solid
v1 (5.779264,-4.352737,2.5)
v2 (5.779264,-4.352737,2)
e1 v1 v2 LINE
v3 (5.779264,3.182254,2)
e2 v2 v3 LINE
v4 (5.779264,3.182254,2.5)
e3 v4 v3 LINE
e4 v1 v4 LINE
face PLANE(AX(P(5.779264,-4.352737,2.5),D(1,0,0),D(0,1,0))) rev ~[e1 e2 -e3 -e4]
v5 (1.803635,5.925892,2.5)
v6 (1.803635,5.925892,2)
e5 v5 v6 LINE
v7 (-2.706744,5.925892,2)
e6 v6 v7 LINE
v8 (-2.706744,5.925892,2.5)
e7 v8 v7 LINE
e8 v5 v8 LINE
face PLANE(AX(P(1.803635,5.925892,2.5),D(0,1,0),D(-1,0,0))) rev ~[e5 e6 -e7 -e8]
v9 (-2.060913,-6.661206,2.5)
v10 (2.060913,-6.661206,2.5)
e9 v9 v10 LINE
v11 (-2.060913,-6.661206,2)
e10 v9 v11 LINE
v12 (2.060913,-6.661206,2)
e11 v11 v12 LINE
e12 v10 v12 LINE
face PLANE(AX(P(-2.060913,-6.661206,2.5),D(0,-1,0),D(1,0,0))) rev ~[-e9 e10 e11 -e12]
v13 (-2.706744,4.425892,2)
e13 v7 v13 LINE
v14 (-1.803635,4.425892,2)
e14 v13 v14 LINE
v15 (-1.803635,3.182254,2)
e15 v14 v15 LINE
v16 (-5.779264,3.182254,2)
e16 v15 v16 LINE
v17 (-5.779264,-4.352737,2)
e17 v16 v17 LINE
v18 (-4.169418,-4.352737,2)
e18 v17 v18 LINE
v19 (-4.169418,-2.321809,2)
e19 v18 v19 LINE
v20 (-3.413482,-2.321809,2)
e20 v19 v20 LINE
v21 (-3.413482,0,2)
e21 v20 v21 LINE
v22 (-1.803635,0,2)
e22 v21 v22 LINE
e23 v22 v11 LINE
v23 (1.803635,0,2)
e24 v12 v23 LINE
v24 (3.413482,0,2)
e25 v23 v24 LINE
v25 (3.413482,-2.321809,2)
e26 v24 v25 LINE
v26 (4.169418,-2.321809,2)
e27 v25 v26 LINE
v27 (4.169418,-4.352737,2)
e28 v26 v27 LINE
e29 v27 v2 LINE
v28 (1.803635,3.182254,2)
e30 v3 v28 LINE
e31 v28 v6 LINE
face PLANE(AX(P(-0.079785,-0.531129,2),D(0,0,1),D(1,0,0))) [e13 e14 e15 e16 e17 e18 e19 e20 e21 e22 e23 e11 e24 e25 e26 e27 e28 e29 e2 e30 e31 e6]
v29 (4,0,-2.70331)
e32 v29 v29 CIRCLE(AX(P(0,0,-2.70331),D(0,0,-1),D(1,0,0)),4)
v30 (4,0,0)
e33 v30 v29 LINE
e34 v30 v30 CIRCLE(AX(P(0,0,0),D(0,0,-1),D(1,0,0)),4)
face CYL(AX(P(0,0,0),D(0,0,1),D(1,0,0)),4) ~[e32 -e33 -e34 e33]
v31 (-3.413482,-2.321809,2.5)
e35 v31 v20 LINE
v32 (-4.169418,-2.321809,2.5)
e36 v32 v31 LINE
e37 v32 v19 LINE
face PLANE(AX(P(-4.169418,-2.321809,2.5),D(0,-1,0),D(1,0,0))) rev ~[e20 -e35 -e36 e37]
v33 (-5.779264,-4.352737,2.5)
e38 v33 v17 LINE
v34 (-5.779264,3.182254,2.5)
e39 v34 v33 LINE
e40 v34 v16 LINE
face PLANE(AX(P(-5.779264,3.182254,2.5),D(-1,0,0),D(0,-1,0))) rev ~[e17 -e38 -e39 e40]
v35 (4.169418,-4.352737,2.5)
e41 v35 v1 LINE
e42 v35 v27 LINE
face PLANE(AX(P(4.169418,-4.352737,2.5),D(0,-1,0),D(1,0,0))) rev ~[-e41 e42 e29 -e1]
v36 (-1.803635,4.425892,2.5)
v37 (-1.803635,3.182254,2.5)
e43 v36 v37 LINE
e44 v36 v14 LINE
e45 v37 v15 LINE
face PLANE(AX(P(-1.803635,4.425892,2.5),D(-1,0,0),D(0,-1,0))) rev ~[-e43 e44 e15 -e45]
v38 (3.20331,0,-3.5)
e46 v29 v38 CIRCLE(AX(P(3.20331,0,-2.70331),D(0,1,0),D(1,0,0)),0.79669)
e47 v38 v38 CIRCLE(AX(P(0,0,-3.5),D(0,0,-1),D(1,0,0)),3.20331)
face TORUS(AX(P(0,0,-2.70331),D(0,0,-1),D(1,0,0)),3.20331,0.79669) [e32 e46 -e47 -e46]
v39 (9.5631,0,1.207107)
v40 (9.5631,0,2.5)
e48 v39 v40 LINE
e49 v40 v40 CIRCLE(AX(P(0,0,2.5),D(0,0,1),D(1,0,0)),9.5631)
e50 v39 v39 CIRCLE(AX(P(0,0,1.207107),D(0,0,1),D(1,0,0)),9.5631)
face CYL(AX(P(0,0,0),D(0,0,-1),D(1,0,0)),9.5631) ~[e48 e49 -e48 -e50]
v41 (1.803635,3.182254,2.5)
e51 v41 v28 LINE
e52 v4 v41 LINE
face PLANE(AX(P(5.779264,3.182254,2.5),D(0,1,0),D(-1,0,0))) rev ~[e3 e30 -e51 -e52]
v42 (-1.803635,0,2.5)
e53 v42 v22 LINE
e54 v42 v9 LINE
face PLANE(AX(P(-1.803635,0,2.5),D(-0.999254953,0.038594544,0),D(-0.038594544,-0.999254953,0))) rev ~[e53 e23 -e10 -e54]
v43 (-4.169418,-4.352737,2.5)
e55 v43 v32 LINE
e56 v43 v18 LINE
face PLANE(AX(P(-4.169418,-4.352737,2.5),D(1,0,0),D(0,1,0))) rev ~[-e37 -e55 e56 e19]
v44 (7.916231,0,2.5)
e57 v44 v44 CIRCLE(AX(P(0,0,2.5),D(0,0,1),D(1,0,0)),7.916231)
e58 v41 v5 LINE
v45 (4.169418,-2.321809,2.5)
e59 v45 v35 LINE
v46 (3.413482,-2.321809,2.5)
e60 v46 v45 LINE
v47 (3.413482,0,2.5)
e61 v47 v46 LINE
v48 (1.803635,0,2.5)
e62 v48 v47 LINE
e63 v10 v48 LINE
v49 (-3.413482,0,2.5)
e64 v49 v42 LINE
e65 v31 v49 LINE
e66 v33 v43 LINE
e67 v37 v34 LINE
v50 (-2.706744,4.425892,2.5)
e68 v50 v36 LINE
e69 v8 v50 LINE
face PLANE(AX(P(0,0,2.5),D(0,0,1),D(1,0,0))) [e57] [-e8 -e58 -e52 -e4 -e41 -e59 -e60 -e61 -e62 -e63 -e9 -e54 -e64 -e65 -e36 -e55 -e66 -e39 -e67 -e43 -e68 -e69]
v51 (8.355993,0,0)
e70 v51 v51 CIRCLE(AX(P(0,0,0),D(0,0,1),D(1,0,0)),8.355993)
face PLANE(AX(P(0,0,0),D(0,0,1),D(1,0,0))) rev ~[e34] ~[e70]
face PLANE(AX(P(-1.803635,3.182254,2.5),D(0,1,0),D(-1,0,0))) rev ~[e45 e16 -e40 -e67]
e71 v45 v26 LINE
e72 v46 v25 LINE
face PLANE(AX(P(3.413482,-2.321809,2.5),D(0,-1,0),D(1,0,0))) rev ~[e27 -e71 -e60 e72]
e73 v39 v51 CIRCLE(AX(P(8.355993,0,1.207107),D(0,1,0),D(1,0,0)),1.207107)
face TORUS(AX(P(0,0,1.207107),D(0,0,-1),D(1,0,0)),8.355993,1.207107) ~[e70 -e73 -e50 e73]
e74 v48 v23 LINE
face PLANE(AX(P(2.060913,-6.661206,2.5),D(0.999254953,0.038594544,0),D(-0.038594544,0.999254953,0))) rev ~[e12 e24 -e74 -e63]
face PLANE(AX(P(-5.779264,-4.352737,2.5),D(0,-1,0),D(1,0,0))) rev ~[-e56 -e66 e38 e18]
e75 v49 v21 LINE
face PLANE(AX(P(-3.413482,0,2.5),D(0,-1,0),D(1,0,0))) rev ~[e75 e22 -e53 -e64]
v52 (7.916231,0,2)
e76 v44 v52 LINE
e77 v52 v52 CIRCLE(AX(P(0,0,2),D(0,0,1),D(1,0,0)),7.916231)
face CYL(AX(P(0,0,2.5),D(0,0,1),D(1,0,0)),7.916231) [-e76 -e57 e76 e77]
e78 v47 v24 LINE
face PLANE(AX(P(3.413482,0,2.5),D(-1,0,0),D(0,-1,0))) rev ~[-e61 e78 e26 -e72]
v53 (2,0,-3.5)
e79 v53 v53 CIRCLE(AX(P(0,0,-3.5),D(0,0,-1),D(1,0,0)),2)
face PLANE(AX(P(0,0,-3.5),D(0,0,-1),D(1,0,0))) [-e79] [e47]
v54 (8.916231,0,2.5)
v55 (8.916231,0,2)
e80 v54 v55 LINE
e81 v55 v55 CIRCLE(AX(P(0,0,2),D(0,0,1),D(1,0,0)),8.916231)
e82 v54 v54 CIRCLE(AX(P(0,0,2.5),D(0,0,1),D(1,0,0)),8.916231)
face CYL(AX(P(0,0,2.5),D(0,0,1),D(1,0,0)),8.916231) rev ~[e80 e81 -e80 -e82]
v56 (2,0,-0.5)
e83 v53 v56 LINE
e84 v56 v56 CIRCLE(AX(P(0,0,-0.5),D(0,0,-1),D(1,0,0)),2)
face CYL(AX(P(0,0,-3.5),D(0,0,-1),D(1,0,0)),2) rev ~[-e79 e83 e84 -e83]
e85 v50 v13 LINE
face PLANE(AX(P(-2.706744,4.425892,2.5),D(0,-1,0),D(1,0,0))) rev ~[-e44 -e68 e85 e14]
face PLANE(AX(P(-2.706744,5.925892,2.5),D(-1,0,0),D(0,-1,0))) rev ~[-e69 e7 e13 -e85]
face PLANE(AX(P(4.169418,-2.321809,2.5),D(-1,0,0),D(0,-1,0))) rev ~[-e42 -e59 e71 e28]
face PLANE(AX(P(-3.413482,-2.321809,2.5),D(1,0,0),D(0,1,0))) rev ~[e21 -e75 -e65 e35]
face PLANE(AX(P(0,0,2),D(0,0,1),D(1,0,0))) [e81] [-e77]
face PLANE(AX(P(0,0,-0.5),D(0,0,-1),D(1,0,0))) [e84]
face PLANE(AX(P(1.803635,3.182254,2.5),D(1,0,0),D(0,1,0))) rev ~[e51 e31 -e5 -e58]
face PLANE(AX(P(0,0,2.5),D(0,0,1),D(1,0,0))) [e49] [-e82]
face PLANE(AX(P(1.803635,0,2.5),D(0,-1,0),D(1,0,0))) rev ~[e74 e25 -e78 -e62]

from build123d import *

# Parameters (mm, degrees)
F0_R     = 9.5631
F1_DEPTH = 2.5
F2_R     = 8.9162314004
F2_R_2   = 7.9162314004
F3_DEPTH = 0.5
F4_R     = 4
F5_DEPTH = 3.5
F6_R     = 1.2071067812
F7_R     = 2
F8_DEPTH = 3
F9_R     = 0.7966904756


with BuildPart() as f1:
    # F0 (on Top) → F1 (new body)
    with BuildSketch(Plane.XY):
        Circle(F0_R)
    extrude(amount=F1_DEPTH)

    # F2 (on face) → F3 (cut)
    with BuildSketch(Plane.XY.offset(2.5)):
        Circle(F2_R)
        Circle(F2_R_2, mode=Mode.SUBTRACT)
        Polygon((1.8036346717, 5.9258921407), (-2.7067440096, 5.9258921407), (-2.7067440096, 4.4258921407), (-1.8036346717, 4.4258921407), (-1.8036346717, 3.1822535675), (-5.7792644948, 3.1822535675), (-5.7792644948, -4.3527372181), (-4.1694175287, -4.3527372181), (-4.1694175287, -2.3218090646), (-3.4134816378, -2.3218090646), (-3.4134816378, 0), (-1.8036346717, 0), (-2.0609125495, -6.6612055525), (0, -6.6612055525), (2.0609125495, -6.6612055525), (1.8036346717, 0), (3.4134816378, 0), (3.4134816378, -2.3218090646), (4.1694175287, -2.3218090646), (4.1694175287, -4.3527372181), (5.7792644948, -4.3527372181), (5.7792644948, 3.1822535675), (1.8036346717, 3.1822535675), align=None)
    extrude(amount=-F3_DEPTH, mode=Mode.SUBTRACT)

    # F4 (on face) → F5 (join)
    with BuildSketch(Plane(origin=(0, 0, 0), x_dir=(1, 0, 0), z_dir=(0, 0, -1))):
        Circle(F4_R)
    extrude(amount=F5_DEPTH)

    # F6
    f6_edges = [f1.edges().sort_by_distance(p)[0] for p in [
        (-9.5631, 0, 0),
    ]]
    fillet(f6_edges, radius=F6_R)

    # F7 (on face) → F8 (cut)
    with BuildSketch(Plane(origin=(0, 0, -3.5), x_dir=(1, 0, 0), z_dir=(0, 0, -1))):
        Circle(F7_R)
    extrude(amount=-F8_DEPTH, mode=Mode.SUBTRACT)

    # F9
    f9_edges = [f1.edges().sort_by_distance(p)[0] for p in [
        (-4, 0, -3.5),
    ]]
    fillet(f9_edges, radius=F9_R)


solid = f1.part
